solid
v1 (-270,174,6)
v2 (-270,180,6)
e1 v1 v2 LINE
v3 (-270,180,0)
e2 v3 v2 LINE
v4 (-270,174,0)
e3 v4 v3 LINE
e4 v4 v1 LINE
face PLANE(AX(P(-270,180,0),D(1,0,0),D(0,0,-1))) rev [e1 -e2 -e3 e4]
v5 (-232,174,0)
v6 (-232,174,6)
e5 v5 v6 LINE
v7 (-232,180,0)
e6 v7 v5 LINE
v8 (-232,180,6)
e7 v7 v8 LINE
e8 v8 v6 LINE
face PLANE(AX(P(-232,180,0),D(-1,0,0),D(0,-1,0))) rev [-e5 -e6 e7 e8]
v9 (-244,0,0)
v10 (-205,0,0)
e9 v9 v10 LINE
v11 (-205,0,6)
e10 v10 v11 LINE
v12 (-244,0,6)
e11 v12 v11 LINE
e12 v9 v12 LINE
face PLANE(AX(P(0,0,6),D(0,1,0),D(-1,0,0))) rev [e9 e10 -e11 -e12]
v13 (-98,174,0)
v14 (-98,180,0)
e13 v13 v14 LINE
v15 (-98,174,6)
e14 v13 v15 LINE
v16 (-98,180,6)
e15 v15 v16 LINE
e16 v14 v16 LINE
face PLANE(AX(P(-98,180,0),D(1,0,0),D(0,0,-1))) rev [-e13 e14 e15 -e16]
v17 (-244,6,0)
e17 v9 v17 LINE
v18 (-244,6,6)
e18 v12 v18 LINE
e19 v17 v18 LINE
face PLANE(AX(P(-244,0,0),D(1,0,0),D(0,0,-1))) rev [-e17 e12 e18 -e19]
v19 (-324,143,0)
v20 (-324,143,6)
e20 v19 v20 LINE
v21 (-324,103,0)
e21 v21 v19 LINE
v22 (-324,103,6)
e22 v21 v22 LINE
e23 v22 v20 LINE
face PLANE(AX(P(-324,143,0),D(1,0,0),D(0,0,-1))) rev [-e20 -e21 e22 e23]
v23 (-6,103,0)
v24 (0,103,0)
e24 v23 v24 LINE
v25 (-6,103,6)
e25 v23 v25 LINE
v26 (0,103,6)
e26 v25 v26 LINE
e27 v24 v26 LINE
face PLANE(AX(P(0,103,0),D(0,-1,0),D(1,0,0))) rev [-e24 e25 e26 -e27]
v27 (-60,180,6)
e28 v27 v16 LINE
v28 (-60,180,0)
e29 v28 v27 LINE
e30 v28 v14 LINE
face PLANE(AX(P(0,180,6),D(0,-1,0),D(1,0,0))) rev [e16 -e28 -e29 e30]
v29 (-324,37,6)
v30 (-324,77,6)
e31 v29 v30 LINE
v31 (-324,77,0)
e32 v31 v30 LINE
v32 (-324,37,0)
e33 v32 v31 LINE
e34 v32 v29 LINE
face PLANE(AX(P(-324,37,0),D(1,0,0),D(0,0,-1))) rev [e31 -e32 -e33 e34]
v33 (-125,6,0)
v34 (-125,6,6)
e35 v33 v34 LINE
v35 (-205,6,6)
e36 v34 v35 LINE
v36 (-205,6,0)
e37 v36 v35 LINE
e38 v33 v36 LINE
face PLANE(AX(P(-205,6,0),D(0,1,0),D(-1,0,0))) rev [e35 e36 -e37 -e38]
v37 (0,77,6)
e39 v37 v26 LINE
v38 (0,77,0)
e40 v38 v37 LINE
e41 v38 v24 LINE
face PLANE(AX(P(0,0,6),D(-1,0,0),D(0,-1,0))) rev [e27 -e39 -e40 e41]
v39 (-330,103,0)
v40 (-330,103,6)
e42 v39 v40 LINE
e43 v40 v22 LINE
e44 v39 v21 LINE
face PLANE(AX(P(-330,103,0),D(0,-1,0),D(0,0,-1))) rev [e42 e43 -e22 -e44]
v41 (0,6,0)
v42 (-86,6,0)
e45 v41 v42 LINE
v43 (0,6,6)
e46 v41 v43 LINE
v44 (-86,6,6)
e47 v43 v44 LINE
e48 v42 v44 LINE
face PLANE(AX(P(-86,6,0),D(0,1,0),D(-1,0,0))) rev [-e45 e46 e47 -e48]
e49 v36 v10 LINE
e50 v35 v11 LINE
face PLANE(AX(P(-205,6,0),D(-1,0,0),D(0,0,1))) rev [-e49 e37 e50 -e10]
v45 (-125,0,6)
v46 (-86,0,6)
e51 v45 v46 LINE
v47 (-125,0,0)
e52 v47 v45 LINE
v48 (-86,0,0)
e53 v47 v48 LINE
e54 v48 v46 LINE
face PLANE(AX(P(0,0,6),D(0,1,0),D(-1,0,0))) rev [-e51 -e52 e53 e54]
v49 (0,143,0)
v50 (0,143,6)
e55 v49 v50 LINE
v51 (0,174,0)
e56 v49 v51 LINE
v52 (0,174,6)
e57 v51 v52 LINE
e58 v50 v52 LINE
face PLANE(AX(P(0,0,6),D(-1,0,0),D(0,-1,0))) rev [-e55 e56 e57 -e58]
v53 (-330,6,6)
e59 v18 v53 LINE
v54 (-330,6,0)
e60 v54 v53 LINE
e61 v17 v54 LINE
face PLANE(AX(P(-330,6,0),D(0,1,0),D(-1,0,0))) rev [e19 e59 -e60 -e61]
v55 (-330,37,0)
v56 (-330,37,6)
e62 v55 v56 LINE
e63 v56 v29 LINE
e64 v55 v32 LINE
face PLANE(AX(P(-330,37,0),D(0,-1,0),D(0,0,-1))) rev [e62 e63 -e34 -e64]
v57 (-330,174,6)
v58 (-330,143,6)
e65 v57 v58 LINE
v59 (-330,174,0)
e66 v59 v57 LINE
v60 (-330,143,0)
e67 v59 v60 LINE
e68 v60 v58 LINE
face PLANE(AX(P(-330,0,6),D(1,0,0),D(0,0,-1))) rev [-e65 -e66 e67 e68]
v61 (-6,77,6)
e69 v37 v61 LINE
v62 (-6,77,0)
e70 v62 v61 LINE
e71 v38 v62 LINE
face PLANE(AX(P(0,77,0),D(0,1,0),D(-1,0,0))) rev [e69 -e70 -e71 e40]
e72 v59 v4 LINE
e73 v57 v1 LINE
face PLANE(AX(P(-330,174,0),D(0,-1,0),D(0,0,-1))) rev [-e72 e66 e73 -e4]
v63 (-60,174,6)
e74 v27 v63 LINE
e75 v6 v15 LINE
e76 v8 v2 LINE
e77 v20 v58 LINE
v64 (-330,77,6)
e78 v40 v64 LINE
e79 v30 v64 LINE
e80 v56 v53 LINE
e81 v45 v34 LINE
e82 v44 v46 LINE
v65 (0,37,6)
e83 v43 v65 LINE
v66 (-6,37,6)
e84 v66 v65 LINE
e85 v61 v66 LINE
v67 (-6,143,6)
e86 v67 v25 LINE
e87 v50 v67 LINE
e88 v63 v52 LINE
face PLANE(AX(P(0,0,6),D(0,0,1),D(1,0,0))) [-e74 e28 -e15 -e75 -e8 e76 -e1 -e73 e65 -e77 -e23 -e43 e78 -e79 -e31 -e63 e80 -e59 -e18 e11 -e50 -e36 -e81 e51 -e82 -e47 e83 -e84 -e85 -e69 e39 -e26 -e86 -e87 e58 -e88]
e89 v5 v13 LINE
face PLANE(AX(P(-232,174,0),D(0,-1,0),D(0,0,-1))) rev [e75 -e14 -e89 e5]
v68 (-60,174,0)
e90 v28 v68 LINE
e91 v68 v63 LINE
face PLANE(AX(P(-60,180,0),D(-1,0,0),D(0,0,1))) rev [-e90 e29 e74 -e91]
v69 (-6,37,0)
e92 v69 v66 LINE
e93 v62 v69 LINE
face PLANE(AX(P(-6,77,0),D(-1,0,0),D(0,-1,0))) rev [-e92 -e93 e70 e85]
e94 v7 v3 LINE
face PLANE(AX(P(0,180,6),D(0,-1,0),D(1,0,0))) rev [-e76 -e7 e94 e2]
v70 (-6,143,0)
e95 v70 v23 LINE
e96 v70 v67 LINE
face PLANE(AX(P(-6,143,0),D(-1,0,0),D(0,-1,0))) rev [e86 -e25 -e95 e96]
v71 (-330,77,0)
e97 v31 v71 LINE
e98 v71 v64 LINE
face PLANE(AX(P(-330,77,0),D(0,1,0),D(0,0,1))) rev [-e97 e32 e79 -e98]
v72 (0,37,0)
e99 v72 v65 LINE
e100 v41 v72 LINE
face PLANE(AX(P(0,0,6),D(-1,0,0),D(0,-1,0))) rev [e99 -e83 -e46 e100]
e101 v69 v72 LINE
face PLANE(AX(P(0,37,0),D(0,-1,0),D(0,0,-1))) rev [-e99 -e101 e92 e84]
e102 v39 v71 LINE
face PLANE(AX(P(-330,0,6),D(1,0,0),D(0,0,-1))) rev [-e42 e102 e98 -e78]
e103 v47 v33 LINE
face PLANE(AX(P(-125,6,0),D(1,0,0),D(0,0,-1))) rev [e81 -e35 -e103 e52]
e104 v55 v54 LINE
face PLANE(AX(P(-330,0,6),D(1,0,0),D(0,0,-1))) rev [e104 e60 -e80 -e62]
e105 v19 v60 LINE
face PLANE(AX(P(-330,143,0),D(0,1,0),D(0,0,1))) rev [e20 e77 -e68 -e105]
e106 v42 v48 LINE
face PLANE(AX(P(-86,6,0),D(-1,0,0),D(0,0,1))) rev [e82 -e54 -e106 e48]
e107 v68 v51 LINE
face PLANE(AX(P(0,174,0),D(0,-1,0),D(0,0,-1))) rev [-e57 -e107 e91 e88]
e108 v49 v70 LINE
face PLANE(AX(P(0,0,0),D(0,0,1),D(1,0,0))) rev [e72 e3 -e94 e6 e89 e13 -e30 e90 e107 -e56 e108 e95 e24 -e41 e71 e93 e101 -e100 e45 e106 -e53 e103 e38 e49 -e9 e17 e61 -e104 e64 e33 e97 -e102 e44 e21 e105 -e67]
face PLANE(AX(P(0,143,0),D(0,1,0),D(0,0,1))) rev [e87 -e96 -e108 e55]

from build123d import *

# Parameters (mm, degrees)
ESQUISSE1_W             = 330
ESQUISSE1_H             = 180
BOSS_EXTRU_1_DEPTH      = 6
ESQUISSE2_W             = 60
ESQUISSE2_H             = 6
ESQUISSE2_W_2           = 134
ESQUISSE2_W_3           = 6
ESQUISSE2_H_2           = 40
ESQUISSE2_W_4           = 86
ESQUISSE2_W_5           = 80
ENL_V_MAT_ENCOCHE_DEPTH = 376.946804748


with BuildPart() as part:
    # Esquisse1 → Boss.-Extru.1 (new body)
    with BuildSketch(Plane.XY):
        with Locations((-165, 90)):
            Rectangle(ESQUISSE1_W, ESQUISSE1_H)
    extrude(amount=BOSS_EXTRU_1_DEPTH)

    # Esquisse2 → Enlèv. mat encoche (cut, through all)
    with BuildSketch(Plane.XY.offset(6)):
        with Locations((-300, 177)):
            Rectangle(ESQUISSE2_W, ESQUISSE2_H)
        with Locations((-165, 177)):
            Rectangle(ESQUISSE2_W_2, ESQUISSE2_H)
        with Locations((-30, 177)):
            Rectangle(ESQUISSE2_W, ESQUISSE2_H)
        with Locations((-327, 123)):
            Rectangle(ESQUISSE2_W_3, ESQUISSE2_H_2)
        with Locations((-327, 57)):
            Rectangle(ESQUISSE2_W_3, ESQUISSE2_H_2)
        with Locations((-3, 123)):
            Rectangle(ESQUISSE2_W_3, ESQUISSE2_H_2)
        with Locations((-3, 57)):
            Rectangle(ESQUISSE2_W_3, ESQUISSE2_H_2)
        with Locations((-287, 3)):
            Rectangle(ESQUISSE2_W_4, ESQUISSE2_H)
        with Locations((-165, 3)):
            Rectangle(ESQUISSE2_W_5, ESQUISSE2_H)
        with Locations((-43, 3)):
            Rectangle(ESQUISSE2_W_4, ESQUISSE2_H)
    extrude(amount=-ENL_V_MAT_ENCOCHE_DEPTH, mode=Mode.SUBTRACT)


solid = part.part
